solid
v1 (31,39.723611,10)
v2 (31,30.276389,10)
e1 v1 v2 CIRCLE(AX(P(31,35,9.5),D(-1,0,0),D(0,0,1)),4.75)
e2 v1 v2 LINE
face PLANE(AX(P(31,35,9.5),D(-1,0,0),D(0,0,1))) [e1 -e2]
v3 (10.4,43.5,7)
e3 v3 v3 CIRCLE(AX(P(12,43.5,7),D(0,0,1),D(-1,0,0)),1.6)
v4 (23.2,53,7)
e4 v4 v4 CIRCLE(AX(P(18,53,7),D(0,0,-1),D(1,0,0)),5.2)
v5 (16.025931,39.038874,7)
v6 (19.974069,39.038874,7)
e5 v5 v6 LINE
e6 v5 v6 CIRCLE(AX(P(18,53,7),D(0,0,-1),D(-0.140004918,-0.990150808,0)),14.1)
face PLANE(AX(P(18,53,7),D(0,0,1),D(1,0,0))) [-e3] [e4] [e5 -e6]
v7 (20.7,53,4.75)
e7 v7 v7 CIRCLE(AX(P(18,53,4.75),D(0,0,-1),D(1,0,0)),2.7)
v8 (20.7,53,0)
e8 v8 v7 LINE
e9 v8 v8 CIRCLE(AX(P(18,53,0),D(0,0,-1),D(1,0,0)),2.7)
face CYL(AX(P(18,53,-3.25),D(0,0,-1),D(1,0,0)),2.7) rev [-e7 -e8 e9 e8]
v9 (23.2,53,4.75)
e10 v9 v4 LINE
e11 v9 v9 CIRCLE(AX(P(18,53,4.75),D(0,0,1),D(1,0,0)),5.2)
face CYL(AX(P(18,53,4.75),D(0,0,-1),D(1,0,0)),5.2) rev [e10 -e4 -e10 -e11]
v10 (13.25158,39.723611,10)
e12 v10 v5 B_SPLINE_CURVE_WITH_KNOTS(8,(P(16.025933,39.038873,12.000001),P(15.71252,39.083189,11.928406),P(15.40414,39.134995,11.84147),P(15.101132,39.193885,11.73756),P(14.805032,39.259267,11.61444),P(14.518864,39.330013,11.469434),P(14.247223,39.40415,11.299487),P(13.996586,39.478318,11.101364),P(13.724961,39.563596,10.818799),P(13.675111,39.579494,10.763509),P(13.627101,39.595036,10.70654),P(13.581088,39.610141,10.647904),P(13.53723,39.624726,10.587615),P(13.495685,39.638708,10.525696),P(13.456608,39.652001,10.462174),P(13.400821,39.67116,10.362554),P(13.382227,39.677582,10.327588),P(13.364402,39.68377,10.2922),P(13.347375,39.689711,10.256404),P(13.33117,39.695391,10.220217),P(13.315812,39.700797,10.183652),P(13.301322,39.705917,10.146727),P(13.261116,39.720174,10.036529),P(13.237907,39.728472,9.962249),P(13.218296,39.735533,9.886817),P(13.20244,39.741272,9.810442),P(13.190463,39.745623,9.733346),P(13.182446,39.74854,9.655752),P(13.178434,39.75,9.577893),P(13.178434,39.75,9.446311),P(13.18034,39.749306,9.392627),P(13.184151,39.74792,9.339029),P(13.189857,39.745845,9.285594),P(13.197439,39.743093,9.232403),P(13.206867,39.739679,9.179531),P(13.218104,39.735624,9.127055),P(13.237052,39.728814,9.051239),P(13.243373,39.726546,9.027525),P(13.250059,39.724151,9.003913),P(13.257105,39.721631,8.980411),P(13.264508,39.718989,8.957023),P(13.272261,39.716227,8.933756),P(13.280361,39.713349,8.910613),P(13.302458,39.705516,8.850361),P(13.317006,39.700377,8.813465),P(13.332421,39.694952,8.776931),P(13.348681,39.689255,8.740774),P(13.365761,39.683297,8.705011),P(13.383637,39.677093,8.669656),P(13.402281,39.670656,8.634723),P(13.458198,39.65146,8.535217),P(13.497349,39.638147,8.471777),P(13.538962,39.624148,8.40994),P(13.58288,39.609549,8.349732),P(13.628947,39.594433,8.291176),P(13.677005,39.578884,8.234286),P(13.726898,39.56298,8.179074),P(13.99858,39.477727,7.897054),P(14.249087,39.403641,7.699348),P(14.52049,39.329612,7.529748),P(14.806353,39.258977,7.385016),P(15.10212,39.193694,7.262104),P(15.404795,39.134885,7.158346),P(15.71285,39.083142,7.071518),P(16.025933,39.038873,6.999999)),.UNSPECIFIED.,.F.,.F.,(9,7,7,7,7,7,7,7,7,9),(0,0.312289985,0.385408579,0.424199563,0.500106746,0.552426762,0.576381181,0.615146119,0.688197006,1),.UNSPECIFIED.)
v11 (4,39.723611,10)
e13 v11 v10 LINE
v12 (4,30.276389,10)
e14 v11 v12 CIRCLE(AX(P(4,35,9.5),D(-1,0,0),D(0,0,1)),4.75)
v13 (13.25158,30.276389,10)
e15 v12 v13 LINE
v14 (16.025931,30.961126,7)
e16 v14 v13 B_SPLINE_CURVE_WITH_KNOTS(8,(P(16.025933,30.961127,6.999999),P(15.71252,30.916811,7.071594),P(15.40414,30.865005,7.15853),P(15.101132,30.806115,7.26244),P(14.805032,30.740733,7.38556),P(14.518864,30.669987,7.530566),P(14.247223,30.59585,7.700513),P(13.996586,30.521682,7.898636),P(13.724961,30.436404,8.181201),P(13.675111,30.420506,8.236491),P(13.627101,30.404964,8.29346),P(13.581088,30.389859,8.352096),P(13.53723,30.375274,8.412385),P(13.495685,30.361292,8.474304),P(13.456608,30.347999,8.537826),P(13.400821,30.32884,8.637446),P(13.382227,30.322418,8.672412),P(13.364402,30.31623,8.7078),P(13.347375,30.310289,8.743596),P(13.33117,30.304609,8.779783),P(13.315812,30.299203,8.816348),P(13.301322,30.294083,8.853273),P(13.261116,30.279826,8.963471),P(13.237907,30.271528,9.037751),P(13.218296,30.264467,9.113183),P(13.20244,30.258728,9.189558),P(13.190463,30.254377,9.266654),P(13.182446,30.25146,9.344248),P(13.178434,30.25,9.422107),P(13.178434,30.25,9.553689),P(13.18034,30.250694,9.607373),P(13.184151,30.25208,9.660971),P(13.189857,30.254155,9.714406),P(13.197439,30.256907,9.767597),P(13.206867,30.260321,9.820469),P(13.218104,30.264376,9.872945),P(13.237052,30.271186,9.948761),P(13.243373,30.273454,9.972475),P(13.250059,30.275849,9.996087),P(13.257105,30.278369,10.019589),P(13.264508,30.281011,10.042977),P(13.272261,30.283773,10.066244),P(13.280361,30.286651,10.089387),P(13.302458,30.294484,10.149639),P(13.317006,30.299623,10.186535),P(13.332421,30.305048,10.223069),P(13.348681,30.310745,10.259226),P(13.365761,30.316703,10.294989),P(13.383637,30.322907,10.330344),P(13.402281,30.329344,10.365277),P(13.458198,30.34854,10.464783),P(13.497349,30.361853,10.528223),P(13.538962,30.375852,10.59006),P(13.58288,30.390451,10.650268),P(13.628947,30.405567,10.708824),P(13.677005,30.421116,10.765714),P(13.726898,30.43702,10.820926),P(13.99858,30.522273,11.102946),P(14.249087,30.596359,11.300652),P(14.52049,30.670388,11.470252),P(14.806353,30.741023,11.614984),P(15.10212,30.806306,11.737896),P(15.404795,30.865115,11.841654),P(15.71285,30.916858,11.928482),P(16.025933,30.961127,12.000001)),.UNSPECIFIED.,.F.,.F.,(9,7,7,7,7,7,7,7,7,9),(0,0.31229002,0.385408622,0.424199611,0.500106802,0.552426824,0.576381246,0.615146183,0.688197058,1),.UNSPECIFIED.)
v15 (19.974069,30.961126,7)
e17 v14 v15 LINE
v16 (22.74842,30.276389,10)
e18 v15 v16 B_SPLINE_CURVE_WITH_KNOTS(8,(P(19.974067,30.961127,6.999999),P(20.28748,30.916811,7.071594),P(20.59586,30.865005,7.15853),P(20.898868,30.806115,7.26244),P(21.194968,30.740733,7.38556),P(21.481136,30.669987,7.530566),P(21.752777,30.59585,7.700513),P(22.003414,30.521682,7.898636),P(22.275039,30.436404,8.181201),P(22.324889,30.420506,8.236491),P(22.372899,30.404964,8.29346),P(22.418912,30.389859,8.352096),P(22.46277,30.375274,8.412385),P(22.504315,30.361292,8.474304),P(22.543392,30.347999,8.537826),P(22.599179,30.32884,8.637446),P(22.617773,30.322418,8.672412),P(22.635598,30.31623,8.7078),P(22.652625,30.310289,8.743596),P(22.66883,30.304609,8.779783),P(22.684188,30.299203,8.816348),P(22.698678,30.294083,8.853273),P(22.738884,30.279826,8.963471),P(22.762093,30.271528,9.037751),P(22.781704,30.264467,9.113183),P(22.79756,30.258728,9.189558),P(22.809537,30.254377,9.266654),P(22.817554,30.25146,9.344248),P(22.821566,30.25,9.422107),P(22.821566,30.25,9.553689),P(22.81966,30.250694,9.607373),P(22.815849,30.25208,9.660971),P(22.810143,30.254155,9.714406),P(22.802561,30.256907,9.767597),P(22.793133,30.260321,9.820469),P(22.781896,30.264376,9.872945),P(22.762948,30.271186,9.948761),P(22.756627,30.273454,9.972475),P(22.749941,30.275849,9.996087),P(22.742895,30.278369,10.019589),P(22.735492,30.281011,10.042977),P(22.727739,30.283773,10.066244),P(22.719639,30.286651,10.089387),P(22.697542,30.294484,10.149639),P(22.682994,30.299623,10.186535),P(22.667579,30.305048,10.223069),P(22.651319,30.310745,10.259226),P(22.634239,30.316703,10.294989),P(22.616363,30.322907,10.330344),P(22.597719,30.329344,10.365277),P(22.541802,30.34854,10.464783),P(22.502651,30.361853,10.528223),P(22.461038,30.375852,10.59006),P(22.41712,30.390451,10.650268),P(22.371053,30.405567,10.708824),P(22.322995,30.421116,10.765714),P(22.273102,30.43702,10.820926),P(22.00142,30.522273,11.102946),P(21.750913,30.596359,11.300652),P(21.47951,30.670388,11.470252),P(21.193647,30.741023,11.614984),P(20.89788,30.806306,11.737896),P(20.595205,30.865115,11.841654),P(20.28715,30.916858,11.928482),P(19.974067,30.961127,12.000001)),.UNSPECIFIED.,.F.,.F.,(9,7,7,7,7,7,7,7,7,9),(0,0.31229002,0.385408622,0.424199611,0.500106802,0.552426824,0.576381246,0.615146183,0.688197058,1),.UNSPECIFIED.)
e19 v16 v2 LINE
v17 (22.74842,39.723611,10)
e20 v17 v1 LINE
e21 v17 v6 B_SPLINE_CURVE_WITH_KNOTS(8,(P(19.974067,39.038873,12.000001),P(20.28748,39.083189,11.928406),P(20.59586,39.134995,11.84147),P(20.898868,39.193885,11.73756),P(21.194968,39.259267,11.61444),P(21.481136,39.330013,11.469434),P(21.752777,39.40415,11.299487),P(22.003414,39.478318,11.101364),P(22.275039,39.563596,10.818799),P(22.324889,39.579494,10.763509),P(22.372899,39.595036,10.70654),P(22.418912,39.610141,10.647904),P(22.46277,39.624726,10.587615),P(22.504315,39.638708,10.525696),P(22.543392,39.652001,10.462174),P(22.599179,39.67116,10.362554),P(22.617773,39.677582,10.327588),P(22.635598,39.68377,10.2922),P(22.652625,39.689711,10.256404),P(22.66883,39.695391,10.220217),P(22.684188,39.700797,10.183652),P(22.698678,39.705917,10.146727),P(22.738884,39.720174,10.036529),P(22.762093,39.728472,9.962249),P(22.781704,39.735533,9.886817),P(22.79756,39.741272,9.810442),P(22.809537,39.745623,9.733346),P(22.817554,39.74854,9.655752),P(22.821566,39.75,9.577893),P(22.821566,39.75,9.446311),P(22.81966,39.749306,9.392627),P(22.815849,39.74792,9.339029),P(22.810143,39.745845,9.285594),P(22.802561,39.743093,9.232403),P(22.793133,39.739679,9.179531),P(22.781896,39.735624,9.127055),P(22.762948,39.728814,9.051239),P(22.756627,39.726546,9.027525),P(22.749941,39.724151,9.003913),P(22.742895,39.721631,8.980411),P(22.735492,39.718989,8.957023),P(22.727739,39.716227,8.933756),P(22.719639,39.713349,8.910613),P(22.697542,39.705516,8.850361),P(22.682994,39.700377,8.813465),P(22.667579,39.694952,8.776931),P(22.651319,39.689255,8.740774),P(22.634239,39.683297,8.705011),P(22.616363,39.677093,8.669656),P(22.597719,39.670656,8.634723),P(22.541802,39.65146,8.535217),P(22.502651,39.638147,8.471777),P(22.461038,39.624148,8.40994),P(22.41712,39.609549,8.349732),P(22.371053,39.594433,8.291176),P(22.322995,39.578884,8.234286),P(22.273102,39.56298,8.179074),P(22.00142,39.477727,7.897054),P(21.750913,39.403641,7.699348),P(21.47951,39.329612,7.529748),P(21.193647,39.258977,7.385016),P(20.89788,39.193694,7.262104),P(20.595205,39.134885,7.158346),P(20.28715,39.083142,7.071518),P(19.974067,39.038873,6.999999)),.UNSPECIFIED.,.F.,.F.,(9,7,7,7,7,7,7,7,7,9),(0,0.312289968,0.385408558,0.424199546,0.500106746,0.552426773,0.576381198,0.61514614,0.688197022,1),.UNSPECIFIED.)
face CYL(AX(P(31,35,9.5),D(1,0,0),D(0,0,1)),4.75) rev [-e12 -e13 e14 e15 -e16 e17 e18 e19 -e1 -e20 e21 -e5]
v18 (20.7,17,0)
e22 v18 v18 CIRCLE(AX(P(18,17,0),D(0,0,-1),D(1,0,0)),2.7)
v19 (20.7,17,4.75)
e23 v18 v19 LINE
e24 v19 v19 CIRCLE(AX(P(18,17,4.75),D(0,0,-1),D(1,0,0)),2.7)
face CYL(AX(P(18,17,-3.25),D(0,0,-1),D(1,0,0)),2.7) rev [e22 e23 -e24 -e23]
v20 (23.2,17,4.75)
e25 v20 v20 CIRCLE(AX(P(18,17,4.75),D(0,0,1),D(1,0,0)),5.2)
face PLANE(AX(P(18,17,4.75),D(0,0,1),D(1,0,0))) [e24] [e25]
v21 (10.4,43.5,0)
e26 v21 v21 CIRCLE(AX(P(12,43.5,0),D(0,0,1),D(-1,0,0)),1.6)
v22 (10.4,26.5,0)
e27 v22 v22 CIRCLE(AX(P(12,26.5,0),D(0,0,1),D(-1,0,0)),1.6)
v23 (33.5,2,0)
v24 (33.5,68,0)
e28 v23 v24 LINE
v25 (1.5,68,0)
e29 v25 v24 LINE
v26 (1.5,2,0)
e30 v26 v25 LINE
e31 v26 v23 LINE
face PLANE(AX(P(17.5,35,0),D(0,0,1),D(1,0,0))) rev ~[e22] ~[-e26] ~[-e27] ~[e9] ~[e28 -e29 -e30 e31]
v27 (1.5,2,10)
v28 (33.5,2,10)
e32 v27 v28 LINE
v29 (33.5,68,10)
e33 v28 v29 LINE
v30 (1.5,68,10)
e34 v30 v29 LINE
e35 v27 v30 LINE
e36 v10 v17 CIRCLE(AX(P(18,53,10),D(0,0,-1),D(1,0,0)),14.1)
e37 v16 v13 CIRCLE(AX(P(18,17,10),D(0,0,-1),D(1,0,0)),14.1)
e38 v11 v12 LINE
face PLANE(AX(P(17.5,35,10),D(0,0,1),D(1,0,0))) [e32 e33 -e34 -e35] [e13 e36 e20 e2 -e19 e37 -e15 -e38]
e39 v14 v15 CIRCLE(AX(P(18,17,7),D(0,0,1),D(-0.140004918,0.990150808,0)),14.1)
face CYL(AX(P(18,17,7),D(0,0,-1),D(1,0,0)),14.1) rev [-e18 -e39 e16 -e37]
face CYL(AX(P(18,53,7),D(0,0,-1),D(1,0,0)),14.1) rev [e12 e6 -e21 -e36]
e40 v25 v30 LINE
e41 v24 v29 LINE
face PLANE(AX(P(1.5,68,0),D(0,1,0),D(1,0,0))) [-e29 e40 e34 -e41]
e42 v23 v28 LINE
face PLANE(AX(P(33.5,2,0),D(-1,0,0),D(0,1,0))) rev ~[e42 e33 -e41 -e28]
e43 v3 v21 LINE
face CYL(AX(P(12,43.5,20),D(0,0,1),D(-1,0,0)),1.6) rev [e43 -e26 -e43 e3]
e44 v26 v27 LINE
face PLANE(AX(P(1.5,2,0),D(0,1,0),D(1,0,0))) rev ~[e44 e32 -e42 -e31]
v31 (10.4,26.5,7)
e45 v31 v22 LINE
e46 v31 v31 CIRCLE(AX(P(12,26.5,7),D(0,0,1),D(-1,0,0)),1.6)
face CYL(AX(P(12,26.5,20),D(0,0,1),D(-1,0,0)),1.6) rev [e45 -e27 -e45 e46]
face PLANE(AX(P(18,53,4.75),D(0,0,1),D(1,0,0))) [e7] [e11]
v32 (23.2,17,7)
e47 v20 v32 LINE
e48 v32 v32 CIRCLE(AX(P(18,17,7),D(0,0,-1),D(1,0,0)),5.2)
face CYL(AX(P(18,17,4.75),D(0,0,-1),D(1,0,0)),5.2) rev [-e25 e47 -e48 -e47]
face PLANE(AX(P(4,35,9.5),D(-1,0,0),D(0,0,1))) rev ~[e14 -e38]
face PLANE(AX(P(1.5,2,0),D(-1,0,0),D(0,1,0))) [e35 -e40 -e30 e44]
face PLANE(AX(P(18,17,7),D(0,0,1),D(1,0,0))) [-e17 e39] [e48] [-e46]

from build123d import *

# Parameters (mm, degrees)
CYLINDER1331_R                     = 1.6
CYLINDER1331_DEPTH                 = 60
CYLINDER1332_R                     = 1.6
CYLINDER1332_DEPTH                 = 60
CYLINDER1333_R                     = 1.6
CYLINDER1333_DEPTH                 = 60
CYLINDER1330_R                     = 1.6
CYLINDER1330_DEPTH                 = 60
FUSION248002050200_PLACEMENT_ANGLE = 90
CYLINDER1329_R                     = 2.7
CYLINDER1329_DEPTH                 = 15
CYLINDER1328_R                     = 2.7
CYLINDER1328_DEPTH                 = 15
CYLINDER1327_R                     = 4.75
CYLINDER1327_DEPTH                 = 27
CYLINDER1326_R                     = 5.2
CYLINDER1326_DEPTH                 = 9.5
CYLINDER1323_R                     = 14.1
CYLINDER1323_DEPTH                 = 5
CYLINDER1324_R                     = 14.1
CYLINDER1324_DEPTH                 = 5
CYLINDER1325_R                     = 5.2
CYLINDER1325_DEPTH                 = 9.5
FUSION248002050201_PLACEMENT_ANGLE = 90
BOX545_W                           = 32
BOX545_H                           = 66
BOX545_DEPTH                       = 10


with BuildPart() as cylinder1331:
    # Cylinder1331 → Cylinder1331 (new body)
    with BuildSketch(Plane(origin=(432, 67, 100), x_dir=(0, 0, -1), z_dir=(1, 0, 0))):
        Circle(CYLINDER1331_R)
    extrude(amount=CYLINDER1331_DEPTH)


with BuildPart() as cylinder1332:
    # Cylinder1332 → Cylinder1332 (new body)
    with BuildSketch(Plane(origin=(432, 93.5, 94), x_dir=(0, 0, -1), z_dir=(1, 0, 0))):
        Circle(CYLINDER1332_R)
    extrude(amount=CYLINDER1332_DEPTH)


with BuildPart() as cylinder1333:
    # Cylinder1333 → Cylinder1333 (new body)
    with BuildSketch(Plane(origin=(432, 76.5, 94), x_dir=(0, 0, -1), z_dir=(1, 0, 0))):
        Circle(CYLINDER1333_R)
    extrude(amount=CYLINDER1333_DEPTH)


with BuildPart() as fusion248002050200:
    # Cylinder1330 → Cylinder1330 (new body)
    with BuildSketch(Plane(origin=(432, 103, 100), x_dir=(0, 0, -1), z_dir=(1, 0, 0))):
        Circle(CYLINDER1330_R)
    extrude(amount=CYLINDER1330_DEPTH)

    # Fusion248002050200: union Cylinder1331, Cylinder1332, Cylinder1333
    add(cylinder1331.part)
    add(cylinder1332.part)
    add(cylinder1333.part)


with BuildPart() as fusion248002050200_1:
    # Fusion248002050200 placement: moved
    add(fusion248002050200.part.moved(Location((-82, -50, 452))).rotate(Axis((-82, -50, 452), (0, 1, 0)), FUSION248002050200_PLACEMENT_ANGLE))


with BuildPart() as cylinder1329:
    # Cylinder1329 → Cylinder1329 (new body)
    with BuildSketch(Plane(origin=(428.75, 103, 100), x_dir=(0, 0, -1), z_dir=(1, 0, 0))):
        Circle(CYLINDER1329_R)
    extrude(amount=CYLINDER1329_DEPTH)


with BuildPart() as cylinder1328:
    # Cylinder1328 → Cylinder1328 (new body)
    with BuildSketch(Plane(origin=(428.75, 67, 100), x_dir=(0, 0, -1), z_dir=(1, 0, 0))):
        Circle(CYLINDER1328_R)
    extrude(amount=CYLINDER1328_DEPTH)


with BuildPart() as cylinder1327:
    # Cylinder1327 → Cylinder1327 (new body)
    with BuildSketch(Plane(origin=(441.5, 85, 87), x_dir=(1, 0, 0), z_dir=(0, 0, 1))):
        Circle(CYLINDER1327_R)
    extrude(amount=CYLINDER1327_DEPTH)


with BuildPart() as cylinder1326:
    # Cylinder1326 → Cylinder1326 (new body)
    with BuildSketch(Plane(origin=(434.75, 102.5, 100), x_dir=(0, 0, -1), z_dir=(1, 0, 0))):
        Circle(CYLINDER1326_R)
    extrude(amount=CYLINDER1326_DEPTH)


with BuildPart() as fusion248002050199:
    # Cylinder1323 → Cylinder1323 (new body)
    with BuildSketch(Plane(origin=(437, 102.5, 100), x_dir=(0, 0, -1), z_dir=(1, 0, 0))):
        Circle(CYLINDER1323_R)
    extrude(amount=CYLINDER1323_DEPTH)

    # Fusion248002050199: union Cylinder1326
    add(cylinder1326.part)


with BuildPart() as fusion248002050199_1:
    # Fusion248002050199 placement: moved
    add(fusion248002050199.part.moved(Location((2, 0.5, 0))))


with BuildPart() as cylinder1324:
    # Cylinder1324 → Cylinder1324 (new body)
    with BuildSketch(Plane(origin=(437, 67.5, 100), x_dir=(0, 0, -1), z_dir=(1, 0, 0))):
        Circle(CYLINDER1324_R)
    extrude(amount=CYLINDER1324_DEPTH)


with BuildPart() as fusion248002050201:
    # Cylinder1325 → Cylinder1325 (new body)
    with BuildSketch(Plane(origin=(434.75, 67.5, 100), x_dir=(0, 0, -1), z_dir=(1, 0, 0))):
        Circle(CYLINDER1325_R)
    extrude(amount=CYLINDER1325_DEPTH)

    # Fusion248002050198: union Cylinder1324
    add(cylinder1324.part)


with BuildPart() as fusion248002050201_1:
    # Fusion248002050198 placement: moved
    add(fusion248002050201.part.moved(Location((2, -0.5, 0))))

    # Fusion248002050201: union Cylinder1329, Cylinder1328, Cylinder1327, Fusion248002050199
    add(cylinder1329.part)
    add(cylinder1328.part)
    add(cylinder1327.part)
    add(fusion248002050199_1.part)


with BuildPart() as fusion248002050201_2:
    # Fusion248002050201 placement: moved
    add(fusion248002050201_1.part.moved(Location((118, -50, -432))).rotate(Axis((118, -50, -432), (0, -1, 0)), FUSION248002050201_PLACEMENT_ANGLE))


with BuildPart() as bucket_gears_holes:
    # Box545 → Box545 (new body)
    with BuildSketch(Plane(origin=(1.5, 2, 0), x_dir=(1, 0, 0), z_dir=(0, 0, 1))):
        with Locations((16, 33)):
            Rectangle(BOX545_W, BOX545_H)
    extrude(amount=BOX545_DEPTH)

    # Cut: cut Fusion248002050201
    add(fusion248002050201_2.part, mode=Mode.SUBTRACT)

    # Cut014344: cut Fusion248002050200
    add(fusion248002050200_1.part, mode=Mode.SUBTRACT)


solid = bucket_gears_holes.part
